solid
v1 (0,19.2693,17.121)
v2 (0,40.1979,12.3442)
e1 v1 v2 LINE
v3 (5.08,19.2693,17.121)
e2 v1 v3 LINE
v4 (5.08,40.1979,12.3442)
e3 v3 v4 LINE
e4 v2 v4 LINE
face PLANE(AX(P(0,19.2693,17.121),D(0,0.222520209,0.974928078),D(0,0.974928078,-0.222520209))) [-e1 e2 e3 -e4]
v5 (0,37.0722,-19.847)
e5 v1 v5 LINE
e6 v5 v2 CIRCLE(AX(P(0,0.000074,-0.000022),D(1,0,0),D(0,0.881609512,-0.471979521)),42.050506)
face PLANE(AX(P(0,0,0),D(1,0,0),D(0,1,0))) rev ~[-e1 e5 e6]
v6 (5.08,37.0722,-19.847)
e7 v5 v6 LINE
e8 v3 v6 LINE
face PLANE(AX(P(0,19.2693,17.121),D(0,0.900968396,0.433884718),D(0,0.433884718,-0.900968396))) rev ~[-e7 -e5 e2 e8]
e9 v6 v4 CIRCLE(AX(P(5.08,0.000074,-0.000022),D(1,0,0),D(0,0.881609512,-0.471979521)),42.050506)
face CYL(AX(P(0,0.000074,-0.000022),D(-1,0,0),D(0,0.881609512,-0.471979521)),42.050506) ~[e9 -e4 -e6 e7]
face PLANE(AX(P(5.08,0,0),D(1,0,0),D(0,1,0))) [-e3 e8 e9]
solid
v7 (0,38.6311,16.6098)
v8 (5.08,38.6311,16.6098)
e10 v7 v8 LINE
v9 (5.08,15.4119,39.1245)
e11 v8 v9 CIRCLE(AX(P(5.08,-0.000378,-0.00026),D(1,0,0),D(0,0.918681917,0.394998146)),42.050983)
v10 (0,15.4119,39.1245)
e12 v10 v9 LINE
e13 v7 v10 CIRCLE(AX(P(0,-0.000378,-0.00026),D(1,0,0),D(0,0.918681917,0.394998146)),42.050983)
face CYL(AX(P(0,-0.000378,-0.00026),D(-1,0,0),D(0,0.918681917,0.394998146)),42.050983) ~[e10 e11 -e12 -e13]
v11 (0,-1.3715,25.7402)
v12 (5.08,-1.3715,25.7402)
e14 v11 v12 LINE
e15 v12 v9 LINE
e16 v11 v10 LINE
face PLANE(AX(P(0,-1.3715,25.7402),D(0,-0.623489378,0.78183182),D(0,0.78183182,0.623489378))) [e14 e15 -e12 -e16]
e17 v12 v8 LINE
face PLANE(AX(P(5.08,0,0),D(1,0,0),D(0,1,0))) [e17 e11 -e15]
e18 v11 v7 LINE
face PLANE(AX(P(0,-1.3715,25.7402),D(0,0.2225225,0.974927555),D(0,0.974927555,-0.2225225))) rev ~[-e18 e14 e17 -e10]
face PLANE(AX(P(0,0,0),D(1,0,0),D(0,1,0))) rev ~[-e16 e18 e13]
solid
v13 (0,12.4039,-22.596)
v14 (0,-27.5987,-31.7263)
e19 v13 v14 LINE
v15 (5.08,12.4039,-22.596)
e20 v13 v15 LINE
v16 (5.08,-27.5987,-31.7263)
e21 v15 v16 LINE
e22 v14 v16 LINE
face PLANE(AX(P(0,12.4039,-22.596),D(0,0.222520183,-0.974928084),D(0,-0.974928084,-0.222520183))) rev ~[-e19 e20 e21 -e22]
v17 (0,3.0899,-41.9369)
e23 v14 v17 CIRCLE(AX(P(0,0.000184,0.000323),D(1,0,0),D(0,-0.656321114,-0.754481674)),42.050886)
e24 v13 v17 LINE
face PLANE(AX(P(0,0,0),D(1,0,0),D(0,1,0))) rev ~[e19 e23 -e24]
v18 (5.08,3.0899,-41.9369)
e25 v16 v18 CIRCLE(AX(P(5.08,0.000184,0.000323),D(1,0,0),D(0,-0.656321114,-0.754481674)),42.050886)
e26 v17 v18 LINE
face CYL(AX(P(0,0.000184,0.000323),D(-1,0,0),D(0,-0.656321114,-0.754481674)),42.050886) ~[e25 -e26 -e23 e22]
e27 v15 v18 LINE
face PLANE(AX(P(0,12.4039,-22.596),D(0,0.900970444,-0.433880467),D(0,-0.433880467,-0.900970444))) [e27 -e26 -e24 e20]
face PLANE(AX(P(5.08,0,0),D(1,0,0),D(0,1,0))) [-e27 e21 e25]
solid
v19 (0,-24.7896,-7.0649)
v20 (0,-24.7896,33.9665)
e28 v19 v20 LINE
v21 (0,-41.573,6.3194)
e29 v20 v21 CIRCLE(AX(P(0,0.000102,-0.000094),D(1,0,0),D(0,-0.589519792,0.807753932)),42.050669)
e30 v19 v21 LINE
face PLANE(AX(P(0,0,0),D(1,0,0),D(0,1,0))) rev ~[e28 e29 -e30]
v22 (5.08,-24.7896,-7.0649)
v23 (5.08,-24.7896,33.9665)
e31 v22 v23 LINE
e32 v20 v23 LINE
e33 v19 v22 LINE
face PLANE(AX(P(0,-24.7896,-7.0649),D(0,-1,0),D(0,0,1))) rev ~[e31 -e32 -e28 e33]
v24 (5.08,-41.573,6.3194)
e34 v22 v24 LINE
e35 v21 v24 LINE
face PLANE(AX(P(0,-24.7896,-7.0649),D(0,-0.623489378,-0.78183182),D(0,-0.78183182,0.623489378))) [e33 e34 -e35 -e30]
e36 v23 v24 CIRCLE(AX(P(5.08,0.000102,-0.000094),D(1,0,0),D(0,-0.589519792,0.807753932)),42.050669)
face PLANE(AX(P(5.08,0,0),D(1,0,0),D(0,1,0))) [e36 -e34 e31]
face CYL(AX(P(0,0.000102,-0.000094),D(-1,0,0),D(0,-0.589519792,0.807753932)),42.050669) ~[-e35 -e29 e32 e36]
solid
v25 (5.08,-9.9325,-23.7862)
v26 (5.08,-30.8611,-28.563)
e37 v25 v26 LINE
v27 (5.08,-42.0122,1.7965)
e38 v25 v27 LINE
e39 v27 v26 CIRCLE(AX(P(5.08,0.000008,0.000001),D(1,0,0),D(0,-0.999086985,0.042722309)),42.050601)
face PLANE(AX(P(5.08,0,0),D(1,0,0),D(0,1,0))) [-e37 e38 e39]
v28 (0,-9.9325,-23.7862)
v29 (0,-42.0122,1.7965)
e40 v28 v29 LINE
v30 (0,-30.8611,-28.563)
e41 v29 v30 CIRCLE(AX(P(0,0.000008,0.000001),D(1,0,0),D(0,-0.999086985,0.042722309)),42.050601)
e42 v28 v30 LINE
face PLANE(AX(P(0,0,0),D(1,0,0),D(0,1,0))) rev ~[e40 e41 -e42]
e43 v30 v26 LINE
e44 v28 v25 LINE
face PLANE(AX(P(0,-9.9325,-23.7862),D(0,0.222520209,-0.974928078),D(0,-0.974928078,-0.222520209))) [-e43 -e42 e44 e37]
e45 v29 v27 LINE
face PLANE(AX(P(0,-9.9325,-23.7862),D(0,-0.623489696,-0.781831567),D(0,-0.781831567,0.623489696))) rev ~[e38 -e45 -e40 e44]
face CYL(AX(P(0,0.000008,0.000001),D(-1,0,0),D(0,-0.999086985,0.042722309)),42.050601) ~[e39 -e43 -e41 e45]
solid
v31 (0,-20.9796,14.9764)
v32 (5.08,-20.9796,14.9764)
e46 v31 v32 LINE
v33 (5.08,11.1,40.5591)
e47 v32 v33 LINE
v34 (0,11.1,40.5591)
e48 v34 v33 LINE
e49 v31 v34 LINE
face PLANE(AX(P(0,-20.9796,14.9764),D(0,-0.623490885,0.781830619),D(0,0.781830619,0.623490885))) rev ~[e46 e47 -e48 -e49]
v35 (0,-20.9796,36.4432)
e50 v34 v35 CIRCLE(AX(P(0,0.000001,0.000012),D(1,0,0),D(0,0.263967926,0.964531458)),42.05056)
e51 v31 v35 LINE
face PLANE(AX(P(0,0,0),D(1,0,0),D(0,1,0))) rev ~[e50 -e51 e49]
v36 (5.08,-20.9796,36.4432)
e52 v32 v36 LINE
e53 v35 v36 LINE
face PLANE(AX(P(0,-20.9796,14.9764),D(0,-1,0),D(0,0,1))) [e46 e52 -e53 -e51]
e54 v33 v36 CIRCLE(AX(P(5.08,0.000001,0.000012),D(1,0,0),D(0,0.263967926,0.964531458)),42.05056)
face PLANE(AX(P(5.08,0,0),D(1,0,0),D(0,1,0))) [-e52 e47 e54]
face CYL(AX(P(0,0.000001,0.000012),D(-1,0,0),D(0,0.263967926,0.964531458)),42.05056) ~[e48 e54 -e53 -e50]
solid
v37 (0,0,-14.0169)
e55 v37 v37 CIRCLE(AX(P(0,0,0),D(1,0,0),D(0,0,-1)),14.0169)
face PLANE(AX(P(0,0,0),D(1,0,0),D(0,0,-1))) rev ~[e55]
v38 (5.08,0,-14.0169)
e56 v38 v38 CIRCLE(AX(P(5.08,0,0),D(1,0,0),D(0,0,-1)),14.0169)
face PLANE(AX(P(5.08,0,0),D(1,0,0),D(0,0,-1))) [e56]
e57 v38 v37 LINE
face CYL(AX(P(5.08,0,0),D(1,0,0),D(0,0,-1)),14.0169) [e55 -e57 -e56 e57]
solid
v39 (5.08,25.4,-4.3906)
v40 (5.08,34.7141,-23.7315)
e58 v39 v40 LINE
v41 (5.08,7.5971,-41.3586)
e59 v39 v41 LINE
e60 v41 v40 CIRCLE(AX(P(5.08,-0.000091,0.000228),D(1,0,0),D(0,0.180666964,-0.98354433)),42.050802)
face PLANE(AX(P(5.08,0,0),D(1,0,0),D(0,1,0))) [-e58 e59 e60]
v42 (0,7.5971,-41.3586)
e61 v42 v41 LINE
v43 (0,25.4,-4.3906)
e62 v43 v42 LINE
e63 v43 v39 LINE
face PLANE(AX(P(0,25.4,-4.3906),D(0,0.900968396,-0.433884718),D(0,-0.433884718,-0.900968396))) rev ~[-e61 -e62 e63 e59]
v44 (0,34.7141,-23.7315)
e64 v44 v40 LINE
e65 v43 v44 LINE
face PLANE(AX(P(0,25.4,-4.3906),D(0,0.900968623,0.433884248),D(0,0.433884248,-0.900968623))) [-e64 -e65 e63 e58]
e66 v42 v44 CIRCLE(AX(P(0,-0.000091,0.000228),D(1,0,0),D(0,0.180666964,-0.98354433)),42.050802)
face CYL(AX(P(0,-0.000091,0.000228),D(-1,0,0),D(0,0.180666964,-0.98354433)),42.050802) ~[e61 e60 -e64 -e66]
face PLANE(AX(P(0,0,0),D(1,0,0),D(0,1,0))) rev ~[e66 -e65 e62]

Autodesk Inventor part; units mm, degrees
ref_plane "YZ Plane" through (0, 0, 0) normal (1, 0, 0) x (0, 1, 0)
ref_plane "XZ Plane" through (0, 0, 0) normal (0, 1, 0) x (-1, 0, 0)
ref_plane "XY Plane" through (0, 0, 0) normal (0, 0, 1) x (1, 0, 0)
sketch "Sketch1" plane through (0, 0, 0) normal (1, 0, 0) x (0, 1, 0)
  circle A0 centre (0, 0) radius 42.0506 construction
  line L0 (0, 0) -> (25.4, 0) construction
  line L1 (25.4, 0) -> (15.8366, -19.8585) construction
  line L2 (15.8366, -19.8585) -> (-5.652, -24.7632) construction
  line L3 (-5.652, -24.7632) -> (-22.8846, -11.0206) construction
  line L4 (-22.8846, -11.0206) -> (-22.8846, 11.0206) construction
  line L5 (-22.8846, 11.0206) -> (-5.652, 24.7632) construction
  line L6 (-5.652, 24.7632) -> (15.8366, 19.8585) construction
  line L7 (15.8366, 19.8585) -> (25.4, 0) construction
  line L8 (-22.8846, -11.0206) -> (-41.8499, 4.1036) construction
  line L9 (-22.8846, 11.0206) -> (-22.8846, 35.2781) construction
  line L10 (-24.7896, -9.5015) -> (-24.7896, 33.9665) construction
  line L11 (-22.8846, -8.5841) -> (-41.573, 6.3194) construction
  line L12 (-24.7896, -7.0649) -> (-24.7896, 33.9665)
  line L13 (-24.7896, -7.0649) -> (-41.573, 6.3194)
  arc A1 (-24.7896, 33.9665) -> (-41.573, 6.3194) centre (0, 0) ccw
  line L14 (-9.9325, -23.7862) -> (-42.0122, 1.7965)
  line L15 (-9.9325, -23.7862) -> (-30.8611, -28.563)
  arc A2 (-42.0122, 1.7965) -> (-30.8611, -28.563) centre (0, 0) ccw
  line L16 (12.4039, -22.596) -> (-27.5987, -31.7263)
  line L17 (12.4039, -22.596) -> (3.0899, -41.9369)
  arc A3 (-27.5987, -31.7263) -> (3.0899, -41.9369) centre (0, 0) ccw
  line L18 (25.4, -4.3906) -> (7.5971, -41.3586)
  line L19 (25.4, -4.3906) -> (34.7141, -23.7315)
  arc A4 (7.5971, -41.3586) -> (34.7141, -23.7315) centre (0, 0) ccw
  line L20 (19.2693, 17.121) -> (37.0722, -19.847)
  line L21 (19.2693, 17.121) -> (40.1979, 12.3442)
  arc A5 (37.0722, -19.847) -> (40.1979, 12.3442) centre (0, 0) ccw
  line L22 (-1.3715, 25.7402) -> (38.6311, 16.6098)
  line L23 (-1.3715, 25.7402) -> (15.4119, 39.1245)
  arc A6 (38.6311, 16.6098) -> (15.4119, 39.1245) centre (0, 0) ccw
  line L24 (-20.9796, 14.9764) -> (11.1, 40.5591)
  line L25 (-20.9796, 14.9764) -> (-20.9796, 36.4432)
  arc A7 (11.1, 40.5591) -> (-20.9796, 36.4432) centre (0, 0) ccw
  dimension "d0" = 25.4
  dimension "d2" = 84.1011
  dimension "d3" = 1.905
  dimension "d4" = 1.905
  dimension "d7" = 360
extrude "Extrusion1" add sketch "Sketch1" along normal blind 5.08
sketch "Sketch2" plane through (5.08, 0, 0) normal (1, 0, 0) x (0, 0, -1)
  circle A0 centre (0, 0) radius 14.0169
  circle A1 centre (0, 0) radius 42.0506 construction
  point P0 (19.847, 37.0722)
  dimension "d11" = 84.1011
  dimension "d12" = 28.0337
extrude "Extrusion2" add sketch "Sketch2" against normal up to surface (5.08 mm away)
equation "\"d2\" = 3.23607 * d0 + d3"
equation "\"d3\" = 0.075 * d0"
equation "\"d4\" = d3"
equation "\"d9\" = 0.2 * d0"
equation "\"d12\" = 0.333333 * d11"
properties part number "aperture"
